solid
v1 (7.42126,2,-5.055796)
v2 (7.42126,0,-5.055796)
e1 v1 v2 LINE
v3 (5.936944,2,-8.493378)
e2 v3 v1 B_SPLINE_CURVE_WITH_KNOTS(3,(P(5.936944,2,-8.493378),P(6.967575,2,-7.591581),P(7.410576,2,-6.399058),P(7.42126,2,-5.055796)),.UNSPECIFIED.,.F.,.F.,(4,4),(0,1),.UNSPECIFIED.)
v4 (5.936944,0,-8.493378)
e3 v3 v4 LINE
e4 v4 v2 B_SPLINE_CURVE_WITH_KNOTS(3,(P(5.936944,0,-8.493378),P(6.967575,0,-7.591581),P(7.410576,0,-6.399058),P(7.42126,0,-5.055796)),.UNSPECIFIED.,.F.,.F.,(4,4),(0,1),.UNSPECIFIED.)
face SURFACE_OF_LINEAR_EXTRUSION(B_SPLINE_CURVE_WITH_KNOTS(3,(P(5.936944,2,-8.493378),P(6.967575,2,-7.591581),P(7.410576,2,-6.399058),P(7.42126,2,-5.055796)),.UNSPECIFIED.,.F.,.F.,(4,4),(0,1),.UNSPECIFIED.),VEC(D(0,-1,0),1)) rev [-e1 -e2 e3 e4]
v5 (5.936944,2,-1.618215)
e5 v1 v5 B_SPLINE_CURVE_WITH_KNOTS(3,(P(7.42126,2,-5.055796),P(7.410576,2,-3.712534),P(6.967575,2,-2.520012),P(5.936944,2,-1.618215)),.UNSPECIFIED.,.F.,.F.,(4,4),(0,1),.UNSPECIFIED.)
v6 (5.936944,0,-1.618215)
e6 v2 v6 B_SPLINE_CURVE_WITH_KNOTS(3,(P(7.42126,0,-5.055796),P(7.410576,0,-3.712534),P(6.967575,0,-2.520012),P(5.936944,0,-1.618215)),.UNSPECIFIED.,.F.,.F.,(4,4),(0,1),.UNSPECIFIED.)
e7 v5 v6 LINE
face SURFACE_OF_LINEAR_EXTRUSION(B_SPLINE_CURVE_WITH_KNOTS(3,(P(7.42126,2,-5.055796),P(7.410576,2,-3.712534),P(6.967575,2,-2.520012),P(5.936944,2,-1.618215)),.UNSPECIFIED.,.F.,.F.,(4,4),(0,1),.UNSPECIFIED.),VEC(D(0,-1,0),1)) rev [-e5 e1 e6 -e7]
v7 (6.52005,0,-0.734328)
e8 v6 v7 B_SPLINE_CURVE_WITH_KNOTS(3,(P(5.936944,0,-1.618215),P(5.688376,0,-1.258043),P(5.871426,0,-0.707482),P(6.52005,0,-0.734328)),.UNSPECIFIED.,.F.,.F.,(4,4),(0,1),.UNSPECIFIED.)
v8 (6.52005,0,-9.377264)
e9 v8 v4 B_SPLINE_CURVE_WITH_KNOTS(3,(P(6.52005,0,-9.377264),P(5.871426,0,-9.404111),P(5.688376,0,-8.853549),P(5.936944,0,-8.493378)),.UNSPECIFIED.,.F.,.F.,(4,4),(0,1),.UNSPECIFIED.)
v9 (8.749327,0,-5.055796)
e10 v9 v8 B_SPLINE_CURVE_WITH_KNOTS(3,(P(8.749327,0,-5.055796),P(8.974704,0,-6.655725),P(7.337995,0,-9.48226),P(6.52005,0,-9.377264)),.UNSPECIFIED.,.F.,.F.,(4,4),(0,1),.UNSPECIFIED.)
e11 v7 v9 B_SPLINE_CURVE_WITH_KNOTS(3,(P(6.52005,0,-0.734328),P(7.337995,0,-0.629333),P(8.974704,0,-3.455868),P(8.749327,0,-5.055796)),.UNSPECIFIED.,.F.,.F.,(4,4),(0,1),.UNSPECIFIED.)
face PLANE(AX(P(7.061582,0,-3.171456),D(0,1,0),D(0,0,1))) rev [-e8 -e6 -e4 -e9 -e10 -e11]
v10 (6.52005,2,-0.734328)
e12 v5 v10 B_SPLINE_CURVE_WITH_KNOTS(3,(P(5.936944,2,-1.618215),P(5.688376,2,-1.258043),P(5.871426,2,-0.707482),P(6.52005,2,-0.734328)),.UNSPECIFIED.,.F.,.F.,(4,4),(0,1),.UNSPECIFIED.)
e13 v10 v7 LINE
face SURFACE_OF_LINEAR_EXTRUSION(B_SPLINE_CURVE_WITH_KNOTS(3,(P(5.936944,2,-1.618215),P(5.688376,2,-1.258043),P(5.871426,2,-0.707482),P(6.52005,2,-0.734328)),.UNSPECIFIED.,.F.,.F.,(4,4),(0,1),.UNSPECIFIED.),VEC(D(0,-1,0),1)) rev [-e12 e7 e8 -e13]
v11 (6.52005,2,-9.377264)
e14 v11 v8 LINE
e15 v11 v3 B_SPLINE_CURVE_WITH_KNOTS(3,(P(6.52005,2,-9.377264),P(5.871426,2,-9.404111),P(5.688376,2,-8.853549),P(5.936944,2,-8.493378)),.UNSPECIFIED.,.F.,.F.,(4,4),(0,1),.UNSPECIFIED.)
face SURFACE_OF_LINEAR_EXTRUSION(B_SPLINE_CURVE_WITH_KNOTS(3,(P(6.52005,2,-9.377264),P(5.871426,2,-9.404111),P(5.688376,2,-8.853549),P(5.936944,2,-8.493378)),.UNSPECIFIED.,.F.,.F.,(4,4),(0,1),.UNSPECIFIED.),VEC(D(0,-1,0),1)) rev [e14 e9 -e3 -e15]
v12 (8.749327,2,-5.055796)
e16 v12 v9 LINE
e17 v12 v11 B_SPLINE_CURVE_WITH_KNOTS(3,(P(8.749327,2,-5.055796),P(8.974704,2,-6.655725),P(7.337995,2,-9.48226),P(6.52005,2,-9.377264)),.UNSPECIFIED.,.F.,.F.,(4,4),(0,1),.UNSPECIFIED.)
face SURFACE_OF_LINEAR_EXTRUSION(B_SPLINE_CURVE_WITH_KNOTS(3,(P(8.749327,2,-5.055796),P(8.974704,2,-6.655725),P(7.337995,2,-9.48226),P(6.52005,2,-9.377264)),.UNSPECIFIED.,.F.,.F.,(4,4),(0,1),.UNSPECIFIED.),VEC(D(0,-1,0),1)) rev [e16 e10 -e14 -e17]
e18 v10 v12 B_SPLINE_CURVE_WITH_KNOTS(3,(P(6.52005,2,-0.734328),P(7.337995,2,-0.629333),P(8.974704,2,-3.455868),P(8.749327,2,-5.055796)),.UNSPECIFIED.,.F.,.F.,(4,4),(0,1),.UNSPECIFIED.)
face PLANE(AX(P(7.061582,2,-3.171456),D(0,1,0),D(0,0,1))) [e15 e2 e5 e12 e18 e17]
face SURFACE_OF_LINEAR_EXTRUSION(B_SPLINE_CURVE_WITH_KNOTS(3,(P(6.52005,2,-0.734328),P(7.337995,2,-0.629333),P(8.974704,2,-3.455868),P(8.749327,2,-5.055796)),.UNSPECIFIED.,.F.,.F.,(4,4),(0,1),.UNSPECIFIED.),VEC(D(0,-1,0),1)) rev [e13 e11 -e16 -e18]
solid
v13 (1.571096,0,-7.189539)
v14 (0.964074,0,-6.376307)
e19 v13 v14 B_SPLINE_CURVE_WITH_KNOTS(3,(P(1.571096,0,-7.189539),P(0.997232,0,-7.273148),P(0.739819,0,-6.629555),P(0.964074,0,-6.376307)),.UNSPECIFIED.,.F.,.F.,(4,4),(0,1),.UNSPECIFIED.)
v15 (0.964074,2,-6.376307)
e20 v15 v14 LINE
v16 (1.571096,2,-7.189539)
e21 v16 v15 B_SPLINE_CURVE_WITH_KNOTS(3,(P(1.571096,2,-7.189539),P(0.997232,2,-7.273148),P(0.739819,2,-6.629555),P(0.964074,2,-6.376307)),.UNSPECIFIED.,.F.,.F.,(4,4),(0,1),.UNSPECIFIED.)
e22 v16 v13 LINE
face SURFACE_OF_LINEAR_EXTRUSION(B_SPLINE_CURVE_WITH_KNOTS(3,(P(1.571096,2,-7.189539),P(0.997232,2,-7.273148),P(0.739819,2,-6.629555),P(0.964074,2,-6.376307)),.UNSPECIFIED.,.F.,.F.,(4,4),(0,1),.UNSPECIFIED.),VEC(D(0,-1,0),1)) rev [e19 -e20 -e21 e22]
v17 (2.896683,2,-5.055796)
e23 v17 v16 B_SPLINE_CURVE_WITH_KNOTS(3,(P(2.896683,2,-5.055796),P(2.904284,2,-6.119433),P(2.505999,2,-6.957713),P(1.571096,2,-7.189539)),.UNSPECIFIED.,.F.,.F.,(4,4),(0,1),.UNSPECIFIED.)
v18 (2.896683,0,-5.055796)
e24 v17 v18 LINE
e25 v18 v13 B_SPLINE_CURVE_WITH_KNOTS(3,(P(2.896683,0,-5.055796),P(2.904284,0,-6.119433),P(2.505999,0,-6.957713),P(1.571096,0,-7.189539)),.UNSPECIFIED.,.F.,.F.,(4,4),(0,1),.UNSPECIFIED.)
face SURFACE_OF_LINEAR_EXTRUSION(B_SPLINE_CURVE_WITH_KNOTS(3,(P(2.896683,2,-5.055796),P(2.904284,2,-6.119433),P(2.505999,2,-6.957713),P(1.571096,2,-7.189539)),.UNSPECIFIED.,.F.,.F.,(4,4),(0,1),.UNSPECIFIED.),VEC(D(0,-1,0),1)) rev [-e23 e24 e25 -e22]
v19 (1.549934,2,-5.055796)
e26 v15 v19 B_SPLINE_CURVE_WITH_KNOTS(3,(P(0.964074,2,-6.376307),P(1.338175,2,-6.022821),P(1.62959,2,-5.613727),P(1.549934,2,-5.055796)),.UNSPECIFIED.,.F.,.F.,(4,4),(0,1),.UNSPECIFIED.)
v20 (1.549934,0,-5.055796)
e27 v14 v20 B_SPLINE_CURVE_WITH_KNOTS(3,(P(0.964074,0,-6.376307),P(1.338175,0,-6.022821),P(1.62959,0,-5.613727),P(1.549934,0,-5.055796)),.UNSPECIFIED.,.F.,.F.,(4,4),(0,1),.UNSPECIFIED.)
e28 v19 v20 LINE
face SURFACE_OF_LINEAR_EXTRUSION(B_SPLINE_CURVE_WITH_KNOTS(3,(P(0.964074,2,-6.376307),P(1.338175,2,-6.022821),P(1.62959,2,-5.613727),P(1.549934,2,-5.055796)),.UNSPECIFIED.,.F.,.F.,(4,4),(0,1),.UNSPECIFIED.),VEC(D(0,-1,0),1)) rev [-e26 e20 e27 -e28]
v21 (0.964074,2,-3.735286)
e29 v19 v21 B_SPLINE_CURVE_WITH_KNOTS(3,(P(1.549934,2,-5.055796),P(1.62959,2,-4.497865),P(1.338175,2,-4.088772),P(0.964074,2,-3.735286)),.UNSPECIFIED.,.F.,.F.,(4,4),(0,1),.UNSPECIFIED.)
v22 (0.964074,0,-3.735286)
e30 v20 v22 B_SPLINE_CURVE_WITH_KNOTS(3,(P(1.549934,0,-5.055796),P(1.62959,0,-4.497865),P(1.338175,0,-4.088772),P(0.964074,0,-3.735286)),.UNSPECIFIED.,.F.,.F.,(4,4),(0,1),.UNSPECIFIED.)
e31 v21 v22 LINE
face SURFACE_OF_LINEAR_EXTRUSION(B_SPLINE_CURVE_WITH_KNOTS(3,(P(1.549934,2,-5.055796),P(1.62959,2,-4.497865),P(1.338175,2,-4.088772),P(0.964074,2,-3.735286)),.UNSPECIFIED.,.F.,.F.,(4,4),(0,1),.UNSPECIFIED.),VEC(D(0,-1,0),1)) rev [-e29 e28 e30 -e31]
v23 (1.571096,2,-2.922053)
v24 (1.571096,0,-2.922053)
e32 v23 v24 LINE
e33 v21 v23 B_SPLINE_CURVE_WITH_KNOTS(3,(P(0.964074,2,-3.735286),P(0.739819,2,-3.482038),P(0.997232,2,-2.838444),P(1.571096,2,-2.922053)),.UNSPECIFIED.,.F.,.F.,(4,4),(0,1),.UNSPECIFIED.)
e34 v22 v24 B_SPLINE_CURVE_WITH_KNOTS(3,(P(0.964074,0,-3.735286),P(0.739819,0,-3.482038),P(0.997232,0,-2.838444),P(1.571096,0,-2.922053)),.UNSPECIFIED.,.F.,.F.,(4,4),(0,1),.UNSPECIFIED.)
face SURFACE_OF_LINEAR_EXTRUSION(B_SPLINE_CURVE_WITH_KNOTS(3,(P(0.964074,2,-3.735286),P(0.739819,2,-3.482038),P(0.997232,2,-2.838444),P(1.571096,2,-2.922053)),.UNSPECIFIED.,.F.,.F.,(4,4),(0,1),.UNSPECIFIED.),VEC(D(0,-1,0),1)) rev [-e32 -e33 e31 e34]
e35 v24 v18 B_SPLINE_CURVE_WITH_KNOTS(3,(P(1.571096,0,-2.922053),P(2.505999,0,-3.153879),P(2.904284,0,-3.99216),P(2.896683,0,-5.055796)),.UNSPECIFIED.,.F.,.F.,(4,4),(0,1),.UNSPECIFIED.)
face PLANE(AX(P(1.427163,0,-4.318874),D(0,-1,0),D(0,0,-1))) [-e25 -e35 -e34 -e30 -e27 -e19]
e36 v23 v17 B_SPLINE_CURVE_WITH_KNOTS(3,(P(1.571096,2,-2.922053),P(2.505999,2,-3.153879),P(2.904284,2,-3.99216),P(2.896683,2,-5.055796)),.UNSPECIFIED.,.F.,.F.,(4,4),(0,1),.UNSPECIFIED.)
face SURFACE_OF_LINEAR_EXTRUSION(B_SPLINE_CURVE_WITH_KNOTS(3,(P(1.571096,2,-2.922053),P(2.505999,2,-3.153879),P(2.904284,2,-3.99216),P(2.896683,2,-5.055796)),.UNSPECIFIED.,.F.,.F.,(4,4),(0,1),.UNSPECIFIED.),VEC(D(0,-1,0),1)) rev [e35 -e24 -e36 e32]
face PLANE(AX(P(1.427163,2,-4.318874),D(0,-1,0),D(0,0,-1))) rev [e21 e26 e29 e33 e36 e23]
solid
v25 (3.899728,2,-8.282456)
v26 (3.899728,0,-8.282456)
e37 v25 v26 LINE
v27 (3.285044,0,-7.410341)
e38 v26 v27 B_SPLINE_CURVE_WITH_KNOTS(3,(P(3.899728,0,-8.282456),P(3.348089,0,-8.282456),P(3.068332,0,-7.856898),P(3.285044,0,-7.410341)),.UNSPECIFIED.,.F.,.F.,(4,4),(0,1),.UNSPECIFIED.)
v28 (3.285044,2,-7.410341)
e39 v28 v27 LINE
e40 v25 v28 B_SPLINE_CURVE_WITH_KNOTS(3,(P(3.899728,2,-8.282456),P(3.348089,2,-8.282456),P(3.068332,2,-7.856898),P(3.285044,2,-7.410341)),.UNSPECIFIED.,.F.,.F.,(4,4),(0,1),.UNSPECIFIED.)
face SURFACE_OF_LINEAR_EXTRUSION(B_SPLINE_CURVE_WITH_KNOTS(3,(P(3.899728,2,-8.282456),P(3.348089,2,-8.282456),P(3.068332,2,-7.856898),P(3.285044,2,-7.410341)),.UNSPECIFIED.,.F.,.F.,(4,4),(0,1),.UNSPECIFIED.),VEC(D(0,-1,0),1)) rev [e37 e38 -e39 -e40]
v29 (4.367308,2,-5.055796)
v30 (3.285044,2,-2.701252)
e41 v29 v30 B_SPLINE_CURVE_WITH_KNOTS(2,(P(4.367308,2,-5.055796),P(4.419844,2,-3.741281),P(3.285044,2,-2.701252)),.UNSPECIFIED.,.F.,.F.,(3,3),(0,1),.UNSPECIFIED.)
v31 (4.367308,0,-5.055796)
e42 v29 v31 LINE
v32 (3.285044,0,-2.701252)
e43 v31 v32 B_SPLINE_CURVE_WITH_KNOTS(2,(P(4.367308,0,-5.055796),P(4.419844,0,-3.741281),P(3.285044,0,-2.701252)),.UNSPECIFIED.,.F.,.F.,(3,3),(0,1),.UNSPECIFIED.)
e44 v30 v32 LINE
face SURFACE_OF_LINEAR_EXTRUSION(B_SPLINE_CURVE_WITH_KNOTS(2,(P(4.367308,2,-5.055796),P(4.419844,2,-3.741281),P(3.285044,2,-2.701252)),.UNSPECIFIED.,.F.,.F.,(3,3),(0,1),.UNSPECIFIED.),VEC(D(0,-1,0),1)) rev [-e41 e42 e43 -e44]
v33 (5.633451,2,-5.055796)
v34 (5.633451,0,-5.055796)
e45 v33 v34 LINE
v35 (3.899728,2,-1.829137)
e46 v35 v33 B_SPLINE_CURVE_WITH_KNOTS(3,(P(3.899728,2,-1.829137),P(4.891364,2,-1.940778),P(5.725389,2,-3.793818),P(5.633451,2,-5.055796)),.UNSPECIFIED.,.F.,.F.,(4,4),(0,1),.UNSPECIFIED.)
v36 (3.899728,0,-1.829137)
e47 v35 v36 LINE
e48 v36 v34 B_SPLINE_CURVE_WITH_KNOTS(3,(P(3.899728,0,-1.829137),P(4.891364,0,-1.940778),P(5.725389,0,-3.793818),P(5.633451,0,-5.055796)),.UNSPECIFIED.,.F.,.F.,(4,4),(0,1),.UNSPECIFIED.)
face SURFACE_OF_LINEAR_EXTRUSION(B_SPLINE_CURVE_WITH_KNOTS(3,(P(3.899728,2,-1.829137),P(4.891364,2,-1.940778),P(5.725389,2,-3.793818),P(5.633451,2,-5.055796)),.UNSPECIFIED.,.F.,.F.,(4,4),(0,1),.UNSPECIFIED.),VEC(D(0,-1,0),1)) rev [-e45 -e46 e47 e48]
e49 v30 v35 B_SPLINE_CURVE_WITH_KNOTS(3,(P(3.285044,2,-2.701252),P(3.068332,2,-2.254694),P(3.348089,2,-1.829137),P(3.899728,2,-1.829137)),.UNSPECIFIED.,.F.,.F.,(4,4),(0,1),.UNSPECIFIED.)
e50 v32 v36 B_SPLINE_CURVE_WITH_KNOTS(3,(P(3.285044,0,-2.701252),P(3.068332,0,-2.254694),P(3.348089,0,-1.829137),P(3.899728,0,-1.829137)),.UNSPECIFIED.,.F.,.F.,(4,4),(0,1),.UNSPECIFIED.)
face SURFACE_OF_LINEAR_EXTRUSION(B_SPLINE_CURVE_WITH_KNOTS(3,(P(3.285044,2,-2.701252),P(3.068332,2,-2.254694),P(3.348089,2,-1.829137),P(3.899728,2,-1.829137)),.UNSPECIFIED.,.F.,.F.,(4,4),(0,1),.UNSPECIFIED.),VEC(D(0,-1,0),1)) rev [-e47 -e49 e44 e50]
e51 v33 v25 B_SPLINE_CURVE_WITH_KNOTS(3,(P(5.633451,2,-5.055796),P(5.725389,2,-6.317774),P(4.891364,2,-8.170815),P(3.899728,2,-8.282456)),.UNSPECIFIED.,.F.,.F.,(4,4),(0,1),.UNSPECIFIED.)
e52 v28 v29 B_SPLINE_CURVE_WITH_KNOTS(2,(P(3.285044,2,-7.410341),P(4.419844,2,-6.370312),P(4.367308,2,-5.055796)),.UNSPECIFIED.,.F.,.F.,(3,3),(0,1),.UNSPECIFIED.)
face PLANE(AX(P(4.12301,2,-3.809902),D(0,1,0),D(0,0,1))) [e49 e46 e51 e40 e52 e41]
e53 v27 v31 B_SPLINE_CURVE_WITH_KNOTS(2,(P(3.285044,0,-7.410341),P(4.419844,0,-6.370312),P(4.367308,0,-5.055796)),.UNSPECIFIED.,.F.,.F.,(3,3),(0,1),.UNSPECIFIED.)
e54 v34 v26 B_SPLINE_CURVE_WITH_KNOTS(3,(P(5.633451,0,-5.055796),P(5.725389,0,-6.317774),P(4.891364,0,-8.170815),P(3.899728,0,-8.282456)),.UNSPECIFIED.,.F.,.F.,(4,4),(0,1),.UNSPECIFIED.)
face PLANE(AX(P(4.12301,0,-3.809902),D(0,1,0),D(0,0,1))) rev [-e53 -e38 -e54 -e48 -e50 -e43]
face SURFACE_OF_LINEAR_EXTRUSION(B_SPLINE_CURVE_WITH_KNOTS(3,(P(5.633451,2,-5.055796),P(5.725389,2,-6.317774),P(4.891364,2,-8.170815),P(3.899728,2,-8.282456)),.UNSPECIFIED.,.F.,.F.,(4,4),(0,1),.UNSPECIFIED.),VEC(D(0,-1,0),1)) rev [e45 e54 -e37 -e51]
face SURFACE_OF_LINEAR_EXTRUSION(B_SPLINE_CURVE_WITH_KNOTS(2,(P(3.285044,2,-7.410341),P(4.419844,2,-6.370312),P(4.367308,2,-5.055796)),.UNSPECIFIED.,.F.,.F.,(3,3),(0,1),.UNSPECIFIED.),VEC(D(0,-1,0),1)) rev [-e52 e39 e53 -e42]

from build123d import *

# Parameters (mm, degrees)
BOSS_EXTRUDE1_DEPTH   = 2
BOSS_EXTRUDE1_2_DEPTH = 2
BOSS_EXTRUDE1_3_DEPTH = 2


with BuildPart() as part:
    # Sketch1 → Boss-Extrude1 (new body)
    with BuildSketch(Plane(origin=(0, 0, 0), x_dir=(1, 0, 0), z_dir=(0, 1, 0))):
        with BuildLine():
            add(Edge.make_bspline(
                [(0.964073923, 6.376306589), (1.338175084, 6.022820676), (1.629590041, 5.613727117), (1.54993416, 5.055796213)],
                knots=[0, 0, 0, 0, 1, 1, 1, 1], degree=3))
            add(Edge.make_bspline(
                [(0.964073923, 3.735285838), (1.338175084, 4.08877175), (1.629590041, 4.497865309), (1.54993416, 5.055796213)],
                knots=[0, 0, 0, 0, 1, 1, 1, 1], degree=3))
            add(Edge.make_bspline(
                [(0.964073923, 3.735285838), (0.739819165, 3.482037926), (0.997231784, 2.838444064), (1.571095534, 2.922053352)],
                knots=[0, 0, 0, 0, 1, 1, 1, 1], degree=3))
            add(Edge.make_bspline(
                [(1.571095534, 2.922053352), (2.505999389, 3.153879104), (2.904284217, 3.992159872), (2.896683391, 5.055796213)],
                knots=[0, 0, 0, 0, 1, 1, 1, 1], degree=3))
            add(Edge.make_bspline(
                [(1.571095534, 7.189539075), (2.505999389, 6.957713322), (2.904284217, 6.119432554), (2.896683391, 5.055796213)],
                knots=[0, 0, 0, 0, 1, 1, 1, 1], degree=3))
            add(Edge.make_bspline(
                [(0.964073923, 6.376306589), (0.739819165, 6.6295545), (0.997231784, 7.273148363), (1.571095534, 7.189539075)],
                knots=[0, 0, 0, 0, 1, 1, 1, 1], degree=3))
        make_face()
    extrude(amount=BOSS_EXTRUDE1_DEPTH)


with BuildPart() as body_2:
    # Sketch1 → Boss-Extrude1 2 (new body)
    with BuildSketch(Plane(origin=(0, 0, 0), x_dir=(1, 0, 0), z_dir=(0, 1, 0))):
        with BuildLine():
            add(Edge.make_bspline(
                [(4.367307585, 5.055796213), (4.419843992, 6.37031157), (3.285044149, 7.410340663)],
                knots=[0, 0, 0, 1, 1, 1], degree=2))
            add(Edge.make_bspline(
                [(3.285044149, 7.410340663), (3.068332479, 7.856898043), (3.348088621, 8.282455859), (3.899727751, 8.282455859)],
                knots=[0, 0, 0, 0, 1, 1, 1, 1], degree=3))
            add(Edge.make_bspline(
                [(3.899727751, 8.282455859), (4.891364486, 8.170814637), (5.725389356, 6.317773961), (5.633450732, 5.055796213)],
                knots=[0, 0, 0, 0, 1, 1, 1, 1], degree=3))
            add(Edge.make_bspline(
                [(3.899727751, 1.829136567), (4.891364486, 1.940777789), (5.725389356, 3.793818465), (5.633450732, 5.055796213)],
                knots=[0, 0, 0, 0, 1, 1, 1, 1], degree=3))
            add(Edge.make_bspline(
                [(3.285044149, 2.701251763), (3.068332479, 2.254694383), (3.348088621, 1.829136567), (3.899727751, 1.829136567)],
                knots=[0, 0, 0, 0, 1, 1, 1, 1], degree=3))
            add(Edge.make_bspline(
                [(4.367307585, 5.055796213), (4.419843992, 3.741280856), (3.285044149, 2.701251763)],
                knots=[0, 0, 0, 1, 1, 1], degree=2))
        make_face()
    extrude(amount=BOSS_EXTRUDE1_2_DEPTH)


with BuildPart() as body_3:
    # Sketch1 → Boss-Extrude1 3 (new body)
    with BuildSketch(Plane(origin=(0, 0, 0), x_dir=(1, 0, 0), z_dir=(0, 1, 0))):
        with BuildLine():
            add(Edge.make_bspline(
                [(7.421260062, 5.055796213), (7.410575575, 6.399058377), (6.967575118, 7.591580787), (5.936943679, 8.493377715)],
                knots=[0, 0, 0, 0, 1, 1, 1, 1], degree=3))
            add(Edge.make_bspline(
                [(5.936943679, 8.493377715), (5.688376024, 8.853549053), (5.871426312, 9.40411075), (6.520049958, 9.377264355)],
                knots=[0, 0, 0, 0, 1, 1, 1, 1], degree=3))
            add(Edge.make_bspline(
                [(6.520049958, 9.377264355), (7.33799489, 9.482259589), (8.974704126, 6.65572482), (8.749327352, 5.055796213)],
                knots=[0, 0, 0, 0, 1, 1, 1, 1], degree=3))
            add(Edge.make_bspline(
                [(6.520049958, 0.734328071), (7.33799489, 0.629332837), (8.974704126, 3.455867606), (8.749327352, 5.055796213)],
                knots=[0, 0, 0, 0, 1, 1, 1, 1], degree=3))
            add(Edge.make_bspline(
                [(5.936943679, 1.618214711), (5.688376024, 1.258043374), (5.871426312, 0.707481677), (6.520049958, 0.734328071)],
                knots=[0, 0, 0, 0, 1, 1, 1, 1], degree=3))
            add(Edge.make_bspline(
                [(7.421260062, 5.055796213), (7.410575575, 3.712534049), (6.967575118, 2.520011639), (5.936943679, 1.618214711)],
                knots=[0, 0, 0, 0, 1, 1, 1, 1], degree=3))
        make_face()
    extrude(amount=BOSS_EXTRUDE1_3_DEPTH)


solid = Compound([part.part, body_2.part, body_3.part])
